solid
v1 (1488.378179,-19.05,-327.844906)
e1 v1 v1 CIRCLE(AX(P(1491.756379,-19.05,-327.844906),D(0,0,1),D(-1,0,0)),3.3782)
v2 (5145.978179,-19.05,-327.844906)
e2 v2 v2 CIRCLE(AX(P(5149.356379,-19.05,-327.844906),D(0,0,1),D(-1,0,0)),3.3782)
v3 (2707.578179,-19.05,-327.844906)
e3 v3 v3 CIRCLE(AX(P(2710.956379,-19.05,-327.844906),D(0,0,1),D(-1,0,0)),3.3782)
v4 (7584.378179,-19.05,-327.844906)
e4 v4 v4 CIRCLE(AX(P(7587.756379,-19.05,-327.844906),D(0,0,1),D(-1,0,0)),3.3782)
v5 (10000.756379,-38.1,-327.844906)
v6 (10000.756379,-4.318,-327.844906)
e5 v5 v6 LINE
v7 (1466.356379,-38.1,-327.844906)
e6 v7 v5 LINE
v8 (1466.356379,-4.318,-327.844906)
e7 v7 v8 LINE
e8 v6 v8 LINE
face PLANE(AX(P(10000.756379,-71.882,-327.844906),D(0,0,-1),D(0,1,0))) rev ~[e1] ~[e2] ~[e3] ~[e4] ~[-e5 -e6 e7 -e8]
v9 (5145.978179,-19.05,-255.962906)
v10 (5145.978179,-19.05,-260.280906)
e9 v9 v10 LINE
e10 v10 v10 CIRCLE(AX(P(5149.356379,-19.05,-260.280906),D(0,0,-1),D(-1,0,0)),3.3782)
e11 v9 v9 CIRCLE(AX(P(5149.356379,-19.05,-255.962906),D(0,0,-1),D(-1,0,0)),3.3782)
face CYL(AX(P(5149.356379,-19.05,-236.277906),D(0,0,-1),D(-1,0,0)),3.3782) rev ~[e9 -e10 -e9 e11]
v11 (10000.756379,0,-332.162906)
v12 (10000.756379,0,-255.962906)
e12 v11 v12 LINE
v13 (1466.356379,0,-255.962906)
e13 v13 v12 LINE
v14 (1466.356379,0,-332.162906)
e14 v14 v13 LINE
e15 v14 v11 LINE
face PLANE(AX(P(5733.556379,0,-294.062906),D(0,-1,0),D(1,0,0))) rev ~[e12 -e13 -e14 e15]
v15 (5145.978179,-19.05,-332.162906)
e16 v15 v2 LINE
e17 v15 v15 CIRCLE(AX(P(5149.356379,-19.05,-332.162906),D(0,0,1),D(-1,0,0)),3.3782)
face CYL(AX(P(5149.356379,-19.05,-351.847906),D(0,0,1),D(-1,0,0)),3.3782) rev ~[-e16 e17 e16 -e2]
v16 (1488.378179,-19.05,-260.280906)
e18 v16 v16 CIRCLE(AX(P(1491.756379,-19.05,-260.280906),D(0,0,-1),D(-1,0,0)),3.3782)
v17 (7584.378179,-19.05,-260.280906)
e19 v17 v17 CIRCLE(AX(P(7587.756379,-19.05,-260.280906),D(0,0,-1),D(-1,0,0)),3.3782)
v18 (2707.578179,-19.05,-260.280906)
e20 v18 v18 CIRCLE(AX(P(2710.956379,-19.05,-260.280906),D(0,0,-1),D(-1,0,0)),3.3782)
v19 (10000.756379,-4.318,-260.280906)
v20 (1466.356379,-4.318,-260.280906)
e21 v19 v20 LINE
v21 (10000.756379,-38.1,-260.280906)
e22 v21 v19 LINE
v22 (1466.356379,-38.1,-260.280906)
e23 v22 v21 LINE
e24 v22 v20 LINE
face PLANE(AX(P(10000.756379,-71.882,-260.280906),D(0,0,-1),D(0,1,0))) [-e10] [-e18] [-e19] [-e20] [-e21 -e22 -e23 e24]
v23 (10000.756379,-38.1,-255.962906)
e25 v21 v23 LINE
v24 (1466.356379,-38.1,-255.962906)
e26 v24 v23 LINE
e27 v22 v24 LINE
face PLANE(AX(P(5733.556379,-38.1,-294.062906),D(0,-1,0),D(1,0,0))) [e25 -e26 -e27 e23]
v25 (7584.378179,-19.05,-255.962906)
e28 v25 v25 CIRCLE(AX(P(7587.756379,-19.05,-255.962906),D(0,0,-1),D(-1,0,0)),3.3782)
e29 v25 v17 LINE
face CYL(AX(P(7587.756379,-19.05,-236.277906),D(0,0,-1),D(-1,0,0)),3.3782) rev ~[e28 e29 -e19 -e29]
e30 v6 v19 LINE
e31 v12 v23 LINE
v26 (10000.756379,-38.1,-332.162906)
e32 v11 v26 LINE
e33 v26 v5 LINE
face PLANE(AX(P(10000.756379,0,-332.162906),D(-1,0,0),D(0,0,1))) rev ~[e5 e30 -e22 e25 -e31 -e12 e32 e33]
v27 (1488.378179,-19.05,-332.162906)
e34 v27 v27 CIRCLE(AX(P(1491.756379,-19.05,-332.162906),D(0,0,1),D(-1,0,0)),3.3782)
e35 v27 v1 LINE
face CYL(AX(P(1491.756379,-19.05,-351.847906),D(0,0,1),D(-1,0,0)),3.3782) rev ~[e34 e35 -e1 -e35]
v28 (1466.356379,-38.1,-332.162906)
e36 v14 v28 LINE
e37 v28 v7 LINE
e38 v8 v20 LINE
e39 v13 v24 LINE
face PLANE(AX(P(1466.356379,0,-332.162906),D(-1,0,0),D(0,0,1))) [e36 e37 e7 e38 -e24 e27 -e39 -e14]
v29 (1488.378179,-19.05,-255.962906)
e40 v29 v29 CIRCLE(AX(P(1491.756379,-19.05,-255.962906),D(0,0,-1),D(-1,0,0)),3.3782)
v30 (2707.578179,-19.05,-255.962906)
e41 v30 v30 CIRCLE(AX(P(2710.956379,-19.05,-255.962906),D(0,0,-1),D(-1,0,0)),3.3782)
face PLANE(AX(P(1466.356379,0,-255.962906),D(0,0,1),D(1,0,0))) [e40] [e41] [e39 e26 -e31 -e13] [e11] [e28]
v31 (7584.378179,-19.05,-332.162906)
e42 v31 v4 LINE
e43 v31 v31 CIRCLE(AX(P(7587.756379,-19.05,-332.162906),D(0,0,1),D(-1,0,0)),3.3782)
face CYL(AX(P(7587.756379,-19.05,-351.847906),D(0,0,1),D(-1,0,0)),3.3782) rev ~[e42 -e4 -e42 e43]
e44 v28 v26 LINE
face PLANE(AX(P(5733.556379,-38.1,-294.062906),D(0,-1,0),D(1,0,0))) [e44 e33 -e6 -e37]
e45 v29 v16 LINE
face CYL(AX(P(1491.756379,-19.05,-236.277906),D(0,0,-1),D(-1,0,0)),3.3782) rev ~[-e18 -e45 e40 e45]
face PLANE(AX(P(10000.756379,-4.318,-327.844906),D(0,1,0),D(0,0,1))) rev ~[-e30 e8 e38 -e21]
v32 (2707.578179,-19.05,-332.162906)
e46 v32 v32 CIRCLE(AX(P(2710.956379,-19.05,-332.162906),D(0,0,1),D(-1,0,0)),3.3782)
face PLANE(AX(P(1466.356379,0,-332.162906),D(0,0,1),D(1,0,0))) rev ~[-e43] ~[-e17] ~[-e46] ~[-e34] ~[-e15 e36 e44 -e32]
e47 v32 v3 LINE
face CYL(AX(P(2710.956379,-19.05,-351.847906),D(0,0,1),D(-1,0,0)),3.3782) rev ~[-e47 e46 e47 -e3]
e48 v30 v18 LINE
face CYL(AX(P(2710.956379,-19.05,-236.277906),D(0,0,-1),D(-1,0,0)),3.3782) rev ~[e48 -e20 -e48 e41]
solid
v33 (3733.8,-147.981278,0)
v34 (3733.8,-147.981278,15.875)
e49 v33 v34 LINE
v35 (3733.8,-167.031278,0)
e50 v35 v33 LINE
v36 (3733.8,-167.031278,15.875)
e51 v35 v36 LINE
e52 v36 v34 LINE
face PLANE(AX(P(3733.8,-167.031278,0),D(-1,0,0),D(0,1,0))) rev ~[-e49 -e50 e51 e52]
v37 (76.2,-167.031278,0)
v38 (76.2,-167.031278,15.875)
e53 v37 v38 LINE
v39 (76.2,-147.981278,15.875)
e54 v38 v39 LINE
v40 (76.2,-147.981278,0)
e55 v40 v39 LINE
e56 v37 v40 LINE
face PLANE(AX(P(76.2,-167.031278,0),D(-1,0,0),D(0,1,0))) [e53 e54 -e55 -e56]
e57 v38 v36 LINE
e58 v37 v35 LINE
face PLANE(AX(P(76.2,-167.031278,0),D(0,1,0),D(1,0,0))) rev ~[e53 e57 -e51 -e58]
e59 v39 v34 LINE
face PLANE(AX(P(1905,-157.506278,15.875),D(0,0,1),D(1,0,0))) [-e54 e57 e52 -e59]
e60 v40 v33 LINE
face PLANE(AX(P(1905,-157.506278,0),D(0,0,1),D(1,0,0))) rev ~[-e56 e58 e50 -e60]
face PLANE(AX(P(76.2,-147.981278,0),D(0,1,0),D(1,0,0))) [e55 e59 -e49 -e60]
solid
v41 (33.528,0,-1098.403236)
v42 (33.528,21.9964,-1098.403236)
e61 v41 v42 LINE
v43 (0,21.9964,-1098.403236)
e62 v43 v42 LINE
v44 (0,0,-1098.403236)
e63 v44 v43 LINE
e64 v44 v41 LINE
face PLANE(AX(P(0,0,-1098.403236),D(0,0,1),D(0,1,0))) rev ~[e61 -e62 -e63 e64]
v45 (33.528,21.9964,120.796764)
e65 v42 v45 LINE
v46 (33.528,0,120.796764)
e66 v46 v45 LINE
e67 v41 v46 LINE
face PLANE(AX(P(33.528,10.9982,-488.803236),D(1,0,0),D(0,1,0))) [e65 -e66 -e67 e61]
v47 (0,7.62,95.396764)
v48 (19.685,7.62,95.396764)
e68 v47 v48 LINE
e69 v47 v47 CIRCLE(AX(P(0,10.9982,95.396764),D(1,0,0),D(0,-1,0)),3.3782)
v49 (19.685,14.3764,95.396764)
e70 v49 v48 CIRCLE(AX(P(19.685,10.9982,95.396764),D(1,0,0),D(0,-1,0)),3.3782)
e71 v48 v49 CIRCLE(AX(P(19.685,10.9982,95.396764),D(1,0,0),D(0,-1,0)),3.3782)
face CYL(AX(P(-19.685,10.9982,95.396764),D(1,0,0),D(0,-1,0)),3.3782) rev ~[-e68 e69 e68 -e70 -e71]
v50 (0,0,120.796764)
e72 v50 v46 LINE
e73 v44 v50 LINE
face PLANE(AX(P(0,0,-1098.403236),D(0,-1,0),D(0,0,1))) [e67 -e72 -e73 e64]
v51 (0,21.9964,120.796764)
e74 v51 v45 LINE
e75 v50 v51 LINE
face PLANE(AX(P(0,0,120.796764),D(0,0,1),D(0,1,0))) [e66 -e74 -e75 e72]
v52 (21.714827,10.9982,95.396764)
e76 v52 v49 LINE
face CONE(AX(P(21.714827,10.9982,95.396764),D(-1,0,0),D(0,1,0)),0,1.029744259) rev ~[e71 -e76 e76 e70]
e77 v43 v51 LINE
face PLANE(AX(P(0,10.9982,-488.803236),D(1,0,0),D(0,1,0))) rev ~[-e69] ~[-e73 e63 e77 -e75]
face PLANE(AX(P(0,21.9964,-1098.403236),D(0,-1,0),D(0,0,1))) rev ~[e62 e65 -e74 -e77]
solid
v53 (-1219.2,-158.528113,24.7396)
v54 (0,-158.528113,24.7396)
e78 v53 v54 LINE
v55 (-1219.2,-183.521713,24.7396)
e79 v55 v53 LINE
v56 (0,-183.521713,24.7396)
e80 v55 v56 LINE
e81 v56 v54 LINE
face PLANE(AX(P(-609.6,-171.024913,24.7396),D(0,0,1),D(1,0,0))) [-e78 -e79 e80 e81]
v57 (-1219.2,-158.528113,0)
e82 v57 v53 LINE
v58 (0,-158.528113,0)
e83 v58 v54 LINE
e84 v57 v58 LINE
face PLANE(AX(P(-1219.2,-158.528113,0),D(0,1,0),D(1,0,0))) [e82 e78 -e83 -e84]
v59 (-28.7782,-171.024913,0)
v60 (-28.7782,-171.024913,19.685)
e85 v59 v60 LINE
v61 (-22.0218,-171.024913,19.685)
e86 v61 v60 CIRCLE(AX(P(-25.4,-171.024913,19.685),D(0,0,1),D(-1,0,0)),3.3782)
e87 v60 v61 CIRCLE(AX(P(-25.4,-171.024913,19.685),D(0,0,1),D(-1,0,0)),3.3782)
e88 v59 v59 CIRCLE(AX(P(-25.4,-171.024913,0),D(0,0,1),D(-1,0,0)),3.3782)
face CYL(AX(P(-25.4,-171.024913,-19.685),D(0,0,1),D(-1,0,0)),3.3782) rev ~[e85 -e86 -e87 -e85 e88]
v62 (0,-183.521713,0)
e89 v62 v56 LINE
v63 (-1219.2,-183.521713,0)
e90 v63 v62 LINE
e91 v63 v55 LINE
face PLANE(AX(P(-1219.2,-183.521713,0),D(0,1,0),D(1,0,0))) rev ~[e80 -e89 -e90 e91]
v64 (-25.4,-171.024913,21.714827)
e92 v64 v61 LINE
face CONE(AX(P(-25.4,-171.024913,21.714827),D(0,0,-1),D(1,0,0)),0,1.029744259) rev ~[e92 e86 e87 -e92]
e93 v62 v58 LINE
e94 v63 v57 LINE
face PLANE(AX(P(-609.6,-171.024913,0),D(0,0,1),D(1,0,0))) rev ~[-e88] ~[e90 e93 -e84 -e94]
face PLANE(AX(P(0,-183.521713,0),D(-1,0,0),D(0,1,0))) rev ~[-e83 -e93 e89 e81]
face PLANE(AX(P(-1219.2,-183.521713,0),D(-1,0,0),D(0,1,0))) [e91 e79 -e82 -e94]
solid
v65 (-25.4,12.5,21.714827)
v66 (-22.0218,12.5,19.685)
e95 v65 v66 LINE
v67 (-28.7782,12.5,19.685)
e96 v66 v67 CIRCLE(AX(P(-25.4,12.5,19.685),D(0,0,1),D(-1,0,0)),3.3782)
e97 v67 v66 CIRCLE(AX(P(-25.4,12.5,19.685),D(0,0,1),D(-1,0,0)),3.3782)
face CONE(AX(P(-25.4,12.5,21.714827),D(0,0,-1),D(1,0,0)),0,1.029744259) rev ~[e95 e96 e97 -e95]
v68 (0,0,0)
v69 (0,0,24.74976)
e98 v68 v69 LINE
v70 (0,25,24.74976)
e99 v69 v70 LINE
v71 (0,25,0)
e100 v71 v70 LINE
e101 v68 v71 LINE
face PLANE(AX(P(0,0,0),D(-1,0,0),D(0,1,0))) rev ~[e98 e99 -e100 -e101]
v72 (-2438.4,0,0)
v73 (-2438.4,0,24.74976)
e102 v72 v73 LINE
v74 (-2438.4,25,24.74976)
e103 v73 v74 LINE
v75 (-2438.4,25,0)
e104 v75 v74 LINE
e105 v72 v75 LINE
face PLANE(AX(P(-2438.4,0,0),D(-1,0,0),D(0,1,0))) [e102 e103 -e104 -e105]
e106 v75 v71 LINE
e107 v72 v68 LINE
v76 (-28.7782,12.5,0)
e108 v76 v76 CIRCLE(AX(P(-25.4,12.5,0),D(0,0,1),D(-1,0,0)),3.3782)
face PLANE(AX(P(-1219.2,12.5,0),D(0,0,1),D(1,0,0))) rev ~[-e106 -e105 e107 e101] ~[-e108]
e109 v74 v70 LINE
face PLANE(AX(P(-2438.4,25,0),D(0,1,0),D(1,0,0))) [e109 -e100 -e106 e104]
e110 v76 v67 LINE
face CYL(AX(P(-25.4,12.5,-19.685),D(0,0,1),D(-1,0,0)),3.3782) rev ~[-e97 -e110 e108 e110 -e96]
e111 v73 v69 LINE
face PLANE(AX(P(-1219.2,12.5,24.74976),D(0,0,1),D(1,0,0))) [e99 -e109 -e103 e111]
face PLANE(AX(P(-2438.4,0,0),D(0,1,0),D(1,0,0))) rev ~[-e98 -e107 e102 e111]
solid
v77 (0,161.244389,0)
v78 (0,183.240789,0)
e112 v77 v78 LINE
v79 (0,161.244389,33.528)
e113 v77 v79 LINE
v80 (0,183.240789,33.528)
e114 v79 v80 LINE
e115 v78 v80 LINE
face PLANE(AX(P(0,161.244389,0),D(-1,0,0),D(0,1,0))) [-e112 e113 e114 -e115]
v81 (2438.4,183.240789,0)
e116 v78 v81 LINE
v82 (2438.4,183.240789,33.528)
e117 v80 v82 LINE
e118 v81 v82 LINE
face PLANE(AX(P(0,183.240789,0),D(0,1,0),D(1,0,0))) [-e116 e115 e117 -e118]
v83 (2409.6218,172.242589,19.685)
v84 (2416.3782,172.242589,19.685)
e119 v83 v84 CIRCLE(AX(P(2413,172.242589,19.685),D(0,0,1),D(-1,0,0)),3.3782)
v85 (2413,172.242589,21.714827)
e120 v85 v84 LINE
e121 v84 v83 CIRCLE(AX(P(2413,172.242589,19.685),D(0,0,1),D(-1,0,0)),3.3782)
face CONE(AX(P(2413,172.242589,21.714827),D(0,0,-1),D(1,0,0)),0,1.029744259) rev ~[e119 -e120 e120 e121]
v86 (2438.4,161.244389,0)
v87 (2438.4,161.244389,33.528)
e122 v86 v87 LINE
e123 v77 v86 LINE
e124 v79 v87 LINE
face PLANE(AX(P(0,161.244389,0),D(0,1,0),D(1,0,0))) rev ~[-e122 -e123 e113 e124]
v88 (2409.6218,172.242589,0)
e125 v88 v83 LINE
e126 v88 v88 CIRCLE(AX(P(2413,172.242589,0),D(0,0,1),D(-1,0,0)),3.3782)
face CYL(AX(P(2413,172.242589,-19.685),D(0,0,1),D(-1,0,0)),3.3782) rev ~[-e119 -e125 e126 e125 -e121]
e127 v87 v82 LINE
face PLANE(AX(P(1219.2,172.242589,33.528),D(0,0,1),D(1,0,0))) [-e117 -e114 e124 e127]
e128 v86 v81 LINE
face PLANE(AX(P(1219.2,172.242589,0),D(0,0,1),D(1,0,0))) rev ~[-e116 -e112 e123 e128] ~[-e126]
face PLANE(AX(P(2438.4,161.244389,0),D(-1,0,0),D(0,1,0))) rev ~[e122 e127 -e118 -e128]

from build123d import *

# Parameters (mm, degrees)
F0_W             = 2438.4
F0_H             = 25
F1_DEPTH         = 24.74976
F2_W             = 3657.6
F2_H             = 19.05
F3_DEPTH         = 15.875
F4_W             = 2438.4
F4_H             = 21.9964
F5_DEPTH         = 33.528
F6_W             = 21.9964
F6_H             = 1219.2
F7_DEPTH         = 33.528
F8_W             = 8534.4
F8_H             = 76.2
F9_DEPTH         = 38.1
F10_W            = 67.564
F10_H            = 67.564
F11_DEPTH        = 8534.4
F14_D            = 6.7564
F14_DEPTH        = 19.685
F14_TIP          = 2.0298273432
F14_ON_F12_D     = 6.7564
F14_ON_F12_DEPTH = 19.685
F14_ON_F12_TIP   = 2.0298273432
F15_D            = 6.7564
F15_DEPTH        = 19.685
F15_TIP          = 2.0298273432
F16_D            = 6.7564
F16_DEPTH        = 19.685
F16_TIP          = 2.0298273432
F17_W            = 1219.2
F17_H            = 24.9936
F18_DEPTH        = 24.7396
F19_D            = 6.7564
F19_DEPTH        = 19.685
F19_TIP          = 2.0298273432
F20_D            = 6.7564
F20_DEPTH        = 19.685
F20_TIP          = 2.0298273432
F21_D            = 6.7564
F21_DEPTH        = 19.685
F21_TIP          = 2.0298273432
F22_D            = 6.7564
F22_DEPTH        = 19.685
F22_TIP          = 2.0298273432


with BuildPart() as f1:
    # F0 (on Top) → F1 (new body)
    with BuildSketch(Plane.XY):
        with Locations((-1219.2, 12.5)):
            Rectangle(F0_W, F0_H)
    extrude(amount=F1_DEPTH)

    # F20
    with Locations(Plane(origin=(0, 0, 0), x_dir=(1, 0, 0), z_dir=(0, 0, -1))):
        with Locations((-25.4, -12.5)):
            Hole(F20_D / 2, depth=F20_DEPTH)
            with Locations((0, 0, -(F20_DEPTH + F20_TIP / 2))):  # 118° drill point
                Cone(0, F20_D / 2, F20_TIP, mode=Mode.SUBTRACT)


with BuildPart() as f3:
    # F2 (on Top) → F3 (new body)
    with BuildSketch(Plane.XY):
        with Locations((1905, -157.5062781825)):
            Rectangle(F2_W, F2_H)
    extrude(amount=F3_DEPTH)


with BuildPart() as f5:
    # F4 (on Top) → F5 (new body)
    with BuildSketch(Plane.XY):
        with Locations((1219.2, 172.2425887634)):
            Rectangle(F4_W, F4_H)
    extrude(amount=F5_DEPTH)

    # F21
    with Locations(Plane(origin=(0, 0, 0), x_dir=(1, 0, 0), z_dir=(0, 0, -1))):
        with Locations((2413, -172.2425887634)):
            Hole(F21_D / 2, depth=F21_DEPTH)
            with Locations((0, 0, -(F21_DEPTH + F21_TIP / 2))):  # 118° drill point
                Cone(0, F21_D / 2, F21_TIP, mode=Mode.SUBTRACT)


with BuildPart() as f7:
    # F6 (on Right) → F7 (new body)
    with BuildSketch(Plane.YZ):
        with Locations((10.9982, -488.8032363863)):
            Rectangle(F6_W, F6_H)
    extrude(amount=F7_DEPTH)

    # F22
    with Locations(Plane(origin=(0, 0, 0), x_dir=(0, 1, 0), z_dir=(-1, 0, 0))):
        with Locations((10.9982, -95.3967636137)):
            Hole(F22_D / 2, depth=F22_DEPTH)
            with Locations((0, 0, -(F22_DEPTH + F22_TIP / 2))):  # 118° drill point
                Cone(0, F22_D / 2, F22_TIP, mode=Mode.SUBTRACT)


with BuildPart() as f9:
    # F8 (on Front) → F9 (new body)
    with BuildSketch(Plane.XZ):
        with Locations((5733.5563790322, -294.0629060984)):
            Rectangle(F8_W, F8_H)
    extrude(amount=F9_DEPTH)

    # F10 (on face) → F11 (cut)
    with BuildSketch(Plane.YZ.offset(10000.7563790322)):
        with Locations((-38.1, -294.0629060984)):
            Rectangle(F10_W, F10_H)
    extrude(amount=-F11_DEPTH, mode=Mode.SUBTRACT)

    # F14
    with Locations(Plane(origin=(0, 0, -332.1629060984), x_dir=(1, 0, 0), z_dir=(0, 0, -1))):
        with Locations((1491.7563790322, 19.05)):
            Hole(F14_D / 2, depth=F14_DEPTH)
            with Locations((0, 0, -(F14_DEPTH + F14_TIP / 2))):  # 118° drill point
                Cone(0, F14_D / 2, F14_TIP, mode=Mode.SUBTRACT)

    # F14 on F12
    with Locations(Plane.XY.offset(-255.9629060984)):
        with Locations((1491.7563790322, -19.05)):
            Hole(F14_ON_F12_D / 2, depth=F14_ON_F12_DEPTH)
            with Locations((0, 0, -(F14_ON_F12_DEPTH + F14_ON_F12_TIP / 2))):  # 118° drill point
                Cone(0, F14_ON_F12_D / 2, F14_ON_F12_TIP, mode=Mode.SUBTRACT)

    # F15
    with Locations(Plane(origin=(0, 0, -332.1629060984), x_dir=(1, 0, 0), z_dir=(0, 0, -1))):
        with Locations((2710.9563790322, 19.05), (5149.3563790322, 19.05), (7587.7563790322, 19.05)):
            Hole(F15_D / 2, depth=F15_DEPTH)
            with Locations((0, 0, -(F15_DEPTH + F15_TIP / 2))):  # 118° drill point
                Cone(0, F15_D / 2, F15_TIP, mode=Mode.SUBTRACT)

    # F16
    with Locations(Plane.XY.offset(-255.9629060984)):
        with Locations((1491.7563790322, -19.05), (2710.9563790322, -19.05), (5149.3563790322, -19.05), (7587.7563790322, -19.05)):
            Hole(F16_D / 2, depth=F16_DEPTH)
            with Locations((0, 0, -(F16_DEPTH + F16_TIP / 2))):  # 118° drill point
                Cone(0, F16_D / 2, F16_TIP, mode=Mode.SUBTRACT)


with BuildPart() as f18:
    # F17 (on Top) → F18 (new body)
    with BuildSketch(Plane.XY):
        with Locations((-609.6, -171.0249129638)):
            Rectangle(F17_W, F17_H)
    extrude(amount=F18_DEPTH)

    # F19
    with Locations(Plane(origin=(0, 0, 0), x_dir=(1, 0, 0), z_dir=(0, 0, -1))):
        with Locations((-25.4, 171.0249129638)):
            Hole(F19_D / 2, depth=F19_DEPTH)
            with Locations((0, 0, -(F19_DEPTH + F19_TIP / 2))):  # 118° drill point
                Cone(0, F19_D / 2, F19_TIP, mode=Mode.SUBTRACT)


solid = Compound([f1.part, f3.part, f5.part, f7.part, f9.part, f18.part])
